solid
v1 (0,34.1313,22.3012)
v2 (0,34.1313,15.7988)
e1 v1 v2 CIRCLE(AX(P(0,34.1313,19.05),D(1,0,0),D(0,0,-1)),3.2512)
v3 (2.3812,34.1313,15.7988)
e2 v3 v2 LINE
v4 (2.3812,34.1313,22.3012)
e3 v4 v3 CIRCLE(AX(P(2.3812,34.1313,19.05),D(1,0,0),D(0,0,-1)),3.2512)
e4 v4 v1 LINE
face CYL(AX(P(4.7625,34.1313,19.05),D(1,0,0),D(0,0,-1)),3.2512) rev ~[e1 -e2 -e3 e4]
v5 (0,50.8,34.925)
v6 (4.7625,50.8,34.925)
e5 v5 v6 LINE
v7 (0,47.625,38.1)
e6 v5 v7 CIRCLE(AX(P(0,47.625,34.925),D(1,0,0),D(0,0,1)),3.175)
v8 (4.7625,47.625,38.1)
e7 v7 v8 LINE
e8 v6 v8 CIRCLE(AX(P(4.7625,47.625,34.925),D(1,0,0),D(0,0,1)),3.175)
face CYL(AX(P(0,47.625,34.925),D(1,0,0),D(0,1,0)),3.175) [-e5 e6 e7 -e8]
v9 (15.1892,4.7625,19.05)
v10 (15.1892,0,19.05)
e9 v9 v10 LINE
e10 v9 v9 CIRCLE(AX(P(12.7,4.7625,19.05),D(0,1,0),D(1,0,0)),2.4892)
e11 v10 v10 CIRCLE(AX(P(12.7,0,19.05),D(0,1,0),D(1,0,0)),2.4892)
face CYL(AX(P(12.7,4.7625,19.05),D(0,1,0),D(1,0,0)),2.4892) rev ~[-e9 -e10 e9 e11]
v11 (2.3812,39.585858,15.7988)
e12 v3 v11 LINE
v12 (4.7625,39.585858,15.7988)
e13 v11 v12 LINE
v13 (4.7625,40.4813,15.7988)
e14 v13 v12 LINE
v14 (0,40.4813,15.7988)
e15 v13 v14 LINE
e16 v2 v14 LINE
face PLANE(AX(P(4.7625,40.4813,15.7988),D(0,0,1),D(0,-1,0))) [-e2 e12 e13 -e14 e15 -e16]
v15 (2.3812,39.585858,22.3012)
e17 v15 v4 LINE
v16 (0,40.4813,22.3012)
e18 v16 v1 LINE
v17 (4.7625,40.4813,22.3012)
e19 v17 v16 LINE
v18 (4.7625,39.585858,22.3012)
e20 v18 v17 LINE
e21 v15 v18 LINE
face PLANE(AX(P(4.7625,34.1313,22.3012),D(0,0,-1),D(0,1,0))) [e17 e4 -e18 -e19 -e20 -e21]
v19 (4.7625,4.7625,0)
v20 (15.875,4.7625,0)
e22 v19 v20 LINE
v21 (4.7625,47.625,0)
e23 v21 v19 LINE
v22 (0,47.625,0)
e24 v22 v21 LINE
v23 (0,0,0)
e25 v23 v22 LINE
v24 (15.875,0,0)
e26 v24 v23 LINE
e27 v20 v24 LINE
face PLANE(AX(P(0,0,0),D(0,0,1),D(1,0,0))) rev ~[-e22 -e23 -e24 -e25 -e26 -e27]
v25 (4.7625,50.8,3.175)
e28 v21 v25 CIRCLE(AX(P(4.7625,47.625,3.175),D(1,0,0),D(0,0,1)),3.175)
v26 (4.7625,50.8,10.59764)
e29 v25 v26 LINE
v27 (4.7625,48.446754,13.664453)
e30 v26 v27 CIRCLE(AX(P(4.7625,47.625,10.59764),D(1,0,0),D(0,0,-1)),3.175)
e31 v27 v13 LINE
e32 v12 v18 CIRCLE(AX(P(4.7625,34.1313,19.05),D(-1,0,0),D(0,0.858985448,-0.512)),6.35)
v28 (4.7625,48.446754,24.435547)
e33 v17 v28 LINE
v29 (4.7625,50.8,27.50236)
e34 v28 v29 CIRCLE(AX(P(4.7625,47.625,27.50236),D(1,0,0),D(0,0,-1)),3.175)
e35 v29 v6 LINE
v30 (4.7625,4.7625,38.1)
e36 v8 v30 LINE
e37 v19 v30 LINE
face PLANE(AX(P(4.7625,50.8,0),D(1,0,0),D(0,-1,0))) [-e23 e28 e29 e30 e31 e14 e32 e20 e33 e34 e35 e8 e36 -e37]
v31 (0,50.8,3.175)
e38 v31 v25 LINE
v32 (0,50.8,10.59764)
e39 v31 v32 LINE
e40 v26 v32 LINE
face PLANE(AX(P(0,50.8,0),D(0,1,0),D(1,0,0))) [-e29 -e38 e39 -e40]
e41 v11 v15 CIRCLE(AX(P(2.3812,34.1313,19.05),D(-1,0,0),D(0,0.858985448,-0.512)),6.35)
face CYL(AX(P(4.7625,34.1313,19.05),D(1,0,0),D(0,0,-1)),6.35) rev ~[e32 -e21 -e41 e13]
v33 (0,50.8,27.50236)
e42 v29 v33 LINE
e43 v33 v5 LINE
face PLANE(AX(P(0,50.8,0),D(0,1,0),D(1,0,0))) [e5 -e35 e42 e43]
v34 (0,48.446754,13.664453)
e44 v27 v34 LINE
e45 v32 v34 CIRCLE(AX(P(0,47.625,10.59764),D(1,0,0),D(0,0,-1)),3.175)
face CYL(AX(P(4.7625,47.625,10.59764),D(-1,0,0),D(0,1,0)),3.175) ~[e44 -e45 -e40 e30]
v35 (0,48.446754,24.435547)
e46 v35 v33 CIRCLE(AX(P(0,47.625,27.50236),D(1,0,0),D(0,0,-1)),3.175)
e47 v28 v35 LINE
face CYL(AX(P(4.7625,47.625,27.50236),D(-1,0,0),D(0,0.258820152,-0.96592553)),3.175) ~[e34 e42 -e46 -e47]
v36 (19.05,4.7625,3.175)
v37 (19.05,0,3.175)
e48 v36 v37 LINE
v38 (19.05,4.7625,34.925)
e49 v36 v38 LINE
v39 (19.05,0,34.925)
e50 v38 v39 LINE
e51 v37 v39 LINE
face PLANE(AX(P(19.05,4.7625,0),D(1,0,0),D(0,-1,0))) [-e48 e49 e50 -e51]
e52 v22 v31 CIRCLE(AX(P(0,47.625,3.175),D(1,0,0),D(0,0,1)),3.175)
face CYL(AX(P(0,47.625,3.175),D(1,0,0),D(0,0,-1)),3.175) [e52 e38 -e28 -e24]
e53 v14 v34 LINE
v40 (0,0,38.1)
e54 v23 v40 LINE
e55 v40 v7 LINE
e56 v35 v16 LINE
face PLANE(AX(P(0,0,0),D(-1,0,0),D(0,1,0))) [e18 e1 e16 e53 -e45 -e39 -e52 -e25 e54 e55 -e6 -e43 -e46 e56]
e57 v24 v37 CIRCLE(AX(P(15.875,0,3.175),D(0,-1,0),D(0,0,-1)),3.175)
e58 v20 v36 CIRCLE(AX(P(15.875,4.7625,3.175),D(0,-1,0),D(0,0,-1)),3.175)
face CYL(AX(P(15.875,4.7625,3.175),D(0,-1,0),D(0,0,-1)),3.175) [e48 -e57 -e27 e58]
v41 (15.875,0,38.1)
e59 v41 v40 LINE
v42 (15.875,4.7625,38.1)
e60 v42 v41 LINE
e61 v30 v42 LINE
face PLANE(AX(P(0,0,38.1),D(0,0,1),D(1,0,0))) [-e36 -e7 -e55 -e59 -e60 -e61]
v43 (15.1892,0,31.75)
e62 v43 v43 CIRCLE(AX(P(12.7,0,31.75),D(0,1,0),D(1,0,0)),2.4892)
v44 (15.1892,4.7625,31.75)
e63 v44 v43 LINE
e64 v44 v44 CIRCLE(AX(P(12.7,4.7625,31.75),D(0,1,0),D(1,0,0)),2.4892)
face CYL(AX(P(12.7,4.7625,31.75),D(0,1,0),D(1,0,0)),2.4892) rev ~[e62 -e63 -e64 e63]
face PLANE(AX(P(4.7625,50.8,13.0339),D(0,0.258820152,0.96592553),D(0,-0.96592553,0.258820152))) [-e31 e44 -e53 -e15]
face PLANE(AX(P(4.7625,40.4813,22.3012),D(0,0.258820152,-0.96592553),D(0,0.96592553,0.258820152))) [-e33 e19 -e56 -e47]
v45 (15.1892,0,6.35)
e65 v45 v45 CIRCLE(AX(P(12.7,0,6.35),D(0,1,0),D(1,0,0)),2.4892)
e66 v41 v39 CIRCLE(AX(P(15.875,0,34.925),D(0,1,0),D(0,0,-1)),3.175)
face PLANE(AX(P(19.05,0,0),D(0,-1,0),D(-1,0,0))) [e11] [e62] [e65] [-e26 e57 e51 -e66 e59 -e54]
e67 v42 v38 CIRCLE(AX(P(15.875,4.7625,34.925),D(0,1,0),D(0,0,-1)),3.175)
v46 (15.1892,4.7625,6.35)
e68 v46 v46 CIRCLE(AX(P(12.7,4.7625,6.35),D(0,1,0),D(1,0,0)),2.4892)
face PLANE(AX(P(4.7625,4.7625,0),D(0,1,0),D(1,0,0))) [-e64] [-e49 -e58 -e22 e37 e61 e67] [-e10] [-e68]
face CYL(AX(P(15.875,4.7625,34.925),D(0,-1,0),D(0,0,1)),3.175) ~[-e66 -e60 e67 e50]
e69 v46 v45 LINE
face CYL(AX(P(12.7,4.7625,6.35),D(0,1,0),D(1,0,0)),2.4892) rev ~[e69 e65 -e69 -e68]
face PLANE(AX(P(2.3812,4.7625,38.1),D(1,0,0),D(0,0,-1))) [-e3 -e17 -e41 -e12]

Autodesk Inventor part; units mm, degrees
ref_plane "YZ Plane" through (0, 0, 0) normal (1, 0, 0) x (0, 1, 0)
ref_plane "XZ Plane" through (0, 0, 0) normal (0, 1, 0) x (-1, 0, 0)
ref_plane "XY Plane" through (0, 0, 0) normal (0, 0, 1) x (1, 0, 0)
sketch "Sketch2" plane through (0, 0, 0) normal (0, 0, 1) x (1, 0, 0)
  line L0 (0, 0) -> (0, 50.8)
  line L1 (0, 50.8) -> (4.7625, 50.8)
  line L2 (4.7625, 50.8) -> (4.7625, 4.7625)
  line L3 (4.7625, 4.7625) -> (19.05, 4.7625)
  line L4 (19.05, 4.7625) -> (19.05, 0)
  line L5 (19.05, 0) -> (0, 0)
  dimension "d0" = 4.7625
  dimension "d1" = 50.8
  dimension "d2" = 19.05
extrude "Extrusion1" add sketch "Sketch2" along normal blind 38.1
sketch "Sketch3" plane through (4.7625, 4.7625, 0) normal (1, 0, 0) x (0, 0, -1)
  circle A0 centre (-19.05, 29.3688) radius 3.2512
  line L0 (-22.3012, 29.3688) -> (-22.3012, 35.7188)
  line L1 (-22.3012, 35.7188) -> (-25.0661, 46.0375)
  line L2 (0, 46.0375) -> (-38.1, 46.0375) projected
  line L3 (-13.0339, 46.0375) -> (-15.7988, 35.7188)
  line L4 (-15.7988, 35.7188) -> (-15.7988, 29.3688)
  line L5 (-38.1, 0) -> (-38.1, 46.0375) projected
  point P0 (0, -4.7625)
  point P1 (-19.05, 46.0375)
  point P2 (-38.1, 23.0187)
  point P3 (-38.1, 23.0187)
  dimension "d5" = 6.5024
  dimension "d6" = 165
  dimension "d7" = 6.35
  dimension "d18" = 6.35
extrude "Extrusion2" cut sketch "Sketch3" against normal blind 38.1
sketch "Sketch4" plane through (4.7625, 4.7625, 0) normal (0, 1, 0) x (1, 0, 0)
  circle A0 centre (7.9375, -31.75) radius 2.4892
  circle A1 centre (7.9375, -6.35) radius 2.4892
  line L0 (14.2875, -38.1) -> (0, -38.1) projected
  line L1 (14.2875, 0) -> (0, 0) projected
  circle A2 centre (7.9375, -19.05) radius 2.4892
  line L2 (-4.7625, -25.0661) -> (-4.7625, -38.1) projected
  point P0 (-4.7625, 0)
  point P1 (7.1437, -38.1)
  dimension "d10" = 4.9784
  dimension "d11" = 4.9784
  dimension "d12" = 6.35
  dimension "d13" = 6.35
  dimension "d14" = 25.4
  dimension "d22" = 12.7
  dimension "d23" = 12.7
extrude "Extrusion3" cut sketch "Sketch4" against normal blind 38.1
fillet "Fillet1" radius 3.175 6 edges at (2.3813, 50.8, 38.1) (2.3813, 50.8, 25.0661) (2.3813, 50.8, 13.0339) (2.3813, 50.8, 0) (19.05, 2.3813, 38.1) (19.05, 2.3813, 0)
sketch "Sketch5" plane through (4.7625, 4.7625, 38.1) normal (1, 0, 0) x (0, 0, -1)
  arc A0 (15.7988, 29.3688) -> (22.3012, 29.3688) centre (19.05, 29.3688) ccw projected
  circle A1 centre (19.05, 29.3688) radius 6.35
  point P0 (38.1, -4.7625)
  dimension "d19" = 12.7
extrude "Extrusion4" cut sketch "Sketch5" against normal blind 2.3813
equation "\"d13\" = d12"
properties part number "BUMP_007_Smallbracket" material "Aluminum 6061"
